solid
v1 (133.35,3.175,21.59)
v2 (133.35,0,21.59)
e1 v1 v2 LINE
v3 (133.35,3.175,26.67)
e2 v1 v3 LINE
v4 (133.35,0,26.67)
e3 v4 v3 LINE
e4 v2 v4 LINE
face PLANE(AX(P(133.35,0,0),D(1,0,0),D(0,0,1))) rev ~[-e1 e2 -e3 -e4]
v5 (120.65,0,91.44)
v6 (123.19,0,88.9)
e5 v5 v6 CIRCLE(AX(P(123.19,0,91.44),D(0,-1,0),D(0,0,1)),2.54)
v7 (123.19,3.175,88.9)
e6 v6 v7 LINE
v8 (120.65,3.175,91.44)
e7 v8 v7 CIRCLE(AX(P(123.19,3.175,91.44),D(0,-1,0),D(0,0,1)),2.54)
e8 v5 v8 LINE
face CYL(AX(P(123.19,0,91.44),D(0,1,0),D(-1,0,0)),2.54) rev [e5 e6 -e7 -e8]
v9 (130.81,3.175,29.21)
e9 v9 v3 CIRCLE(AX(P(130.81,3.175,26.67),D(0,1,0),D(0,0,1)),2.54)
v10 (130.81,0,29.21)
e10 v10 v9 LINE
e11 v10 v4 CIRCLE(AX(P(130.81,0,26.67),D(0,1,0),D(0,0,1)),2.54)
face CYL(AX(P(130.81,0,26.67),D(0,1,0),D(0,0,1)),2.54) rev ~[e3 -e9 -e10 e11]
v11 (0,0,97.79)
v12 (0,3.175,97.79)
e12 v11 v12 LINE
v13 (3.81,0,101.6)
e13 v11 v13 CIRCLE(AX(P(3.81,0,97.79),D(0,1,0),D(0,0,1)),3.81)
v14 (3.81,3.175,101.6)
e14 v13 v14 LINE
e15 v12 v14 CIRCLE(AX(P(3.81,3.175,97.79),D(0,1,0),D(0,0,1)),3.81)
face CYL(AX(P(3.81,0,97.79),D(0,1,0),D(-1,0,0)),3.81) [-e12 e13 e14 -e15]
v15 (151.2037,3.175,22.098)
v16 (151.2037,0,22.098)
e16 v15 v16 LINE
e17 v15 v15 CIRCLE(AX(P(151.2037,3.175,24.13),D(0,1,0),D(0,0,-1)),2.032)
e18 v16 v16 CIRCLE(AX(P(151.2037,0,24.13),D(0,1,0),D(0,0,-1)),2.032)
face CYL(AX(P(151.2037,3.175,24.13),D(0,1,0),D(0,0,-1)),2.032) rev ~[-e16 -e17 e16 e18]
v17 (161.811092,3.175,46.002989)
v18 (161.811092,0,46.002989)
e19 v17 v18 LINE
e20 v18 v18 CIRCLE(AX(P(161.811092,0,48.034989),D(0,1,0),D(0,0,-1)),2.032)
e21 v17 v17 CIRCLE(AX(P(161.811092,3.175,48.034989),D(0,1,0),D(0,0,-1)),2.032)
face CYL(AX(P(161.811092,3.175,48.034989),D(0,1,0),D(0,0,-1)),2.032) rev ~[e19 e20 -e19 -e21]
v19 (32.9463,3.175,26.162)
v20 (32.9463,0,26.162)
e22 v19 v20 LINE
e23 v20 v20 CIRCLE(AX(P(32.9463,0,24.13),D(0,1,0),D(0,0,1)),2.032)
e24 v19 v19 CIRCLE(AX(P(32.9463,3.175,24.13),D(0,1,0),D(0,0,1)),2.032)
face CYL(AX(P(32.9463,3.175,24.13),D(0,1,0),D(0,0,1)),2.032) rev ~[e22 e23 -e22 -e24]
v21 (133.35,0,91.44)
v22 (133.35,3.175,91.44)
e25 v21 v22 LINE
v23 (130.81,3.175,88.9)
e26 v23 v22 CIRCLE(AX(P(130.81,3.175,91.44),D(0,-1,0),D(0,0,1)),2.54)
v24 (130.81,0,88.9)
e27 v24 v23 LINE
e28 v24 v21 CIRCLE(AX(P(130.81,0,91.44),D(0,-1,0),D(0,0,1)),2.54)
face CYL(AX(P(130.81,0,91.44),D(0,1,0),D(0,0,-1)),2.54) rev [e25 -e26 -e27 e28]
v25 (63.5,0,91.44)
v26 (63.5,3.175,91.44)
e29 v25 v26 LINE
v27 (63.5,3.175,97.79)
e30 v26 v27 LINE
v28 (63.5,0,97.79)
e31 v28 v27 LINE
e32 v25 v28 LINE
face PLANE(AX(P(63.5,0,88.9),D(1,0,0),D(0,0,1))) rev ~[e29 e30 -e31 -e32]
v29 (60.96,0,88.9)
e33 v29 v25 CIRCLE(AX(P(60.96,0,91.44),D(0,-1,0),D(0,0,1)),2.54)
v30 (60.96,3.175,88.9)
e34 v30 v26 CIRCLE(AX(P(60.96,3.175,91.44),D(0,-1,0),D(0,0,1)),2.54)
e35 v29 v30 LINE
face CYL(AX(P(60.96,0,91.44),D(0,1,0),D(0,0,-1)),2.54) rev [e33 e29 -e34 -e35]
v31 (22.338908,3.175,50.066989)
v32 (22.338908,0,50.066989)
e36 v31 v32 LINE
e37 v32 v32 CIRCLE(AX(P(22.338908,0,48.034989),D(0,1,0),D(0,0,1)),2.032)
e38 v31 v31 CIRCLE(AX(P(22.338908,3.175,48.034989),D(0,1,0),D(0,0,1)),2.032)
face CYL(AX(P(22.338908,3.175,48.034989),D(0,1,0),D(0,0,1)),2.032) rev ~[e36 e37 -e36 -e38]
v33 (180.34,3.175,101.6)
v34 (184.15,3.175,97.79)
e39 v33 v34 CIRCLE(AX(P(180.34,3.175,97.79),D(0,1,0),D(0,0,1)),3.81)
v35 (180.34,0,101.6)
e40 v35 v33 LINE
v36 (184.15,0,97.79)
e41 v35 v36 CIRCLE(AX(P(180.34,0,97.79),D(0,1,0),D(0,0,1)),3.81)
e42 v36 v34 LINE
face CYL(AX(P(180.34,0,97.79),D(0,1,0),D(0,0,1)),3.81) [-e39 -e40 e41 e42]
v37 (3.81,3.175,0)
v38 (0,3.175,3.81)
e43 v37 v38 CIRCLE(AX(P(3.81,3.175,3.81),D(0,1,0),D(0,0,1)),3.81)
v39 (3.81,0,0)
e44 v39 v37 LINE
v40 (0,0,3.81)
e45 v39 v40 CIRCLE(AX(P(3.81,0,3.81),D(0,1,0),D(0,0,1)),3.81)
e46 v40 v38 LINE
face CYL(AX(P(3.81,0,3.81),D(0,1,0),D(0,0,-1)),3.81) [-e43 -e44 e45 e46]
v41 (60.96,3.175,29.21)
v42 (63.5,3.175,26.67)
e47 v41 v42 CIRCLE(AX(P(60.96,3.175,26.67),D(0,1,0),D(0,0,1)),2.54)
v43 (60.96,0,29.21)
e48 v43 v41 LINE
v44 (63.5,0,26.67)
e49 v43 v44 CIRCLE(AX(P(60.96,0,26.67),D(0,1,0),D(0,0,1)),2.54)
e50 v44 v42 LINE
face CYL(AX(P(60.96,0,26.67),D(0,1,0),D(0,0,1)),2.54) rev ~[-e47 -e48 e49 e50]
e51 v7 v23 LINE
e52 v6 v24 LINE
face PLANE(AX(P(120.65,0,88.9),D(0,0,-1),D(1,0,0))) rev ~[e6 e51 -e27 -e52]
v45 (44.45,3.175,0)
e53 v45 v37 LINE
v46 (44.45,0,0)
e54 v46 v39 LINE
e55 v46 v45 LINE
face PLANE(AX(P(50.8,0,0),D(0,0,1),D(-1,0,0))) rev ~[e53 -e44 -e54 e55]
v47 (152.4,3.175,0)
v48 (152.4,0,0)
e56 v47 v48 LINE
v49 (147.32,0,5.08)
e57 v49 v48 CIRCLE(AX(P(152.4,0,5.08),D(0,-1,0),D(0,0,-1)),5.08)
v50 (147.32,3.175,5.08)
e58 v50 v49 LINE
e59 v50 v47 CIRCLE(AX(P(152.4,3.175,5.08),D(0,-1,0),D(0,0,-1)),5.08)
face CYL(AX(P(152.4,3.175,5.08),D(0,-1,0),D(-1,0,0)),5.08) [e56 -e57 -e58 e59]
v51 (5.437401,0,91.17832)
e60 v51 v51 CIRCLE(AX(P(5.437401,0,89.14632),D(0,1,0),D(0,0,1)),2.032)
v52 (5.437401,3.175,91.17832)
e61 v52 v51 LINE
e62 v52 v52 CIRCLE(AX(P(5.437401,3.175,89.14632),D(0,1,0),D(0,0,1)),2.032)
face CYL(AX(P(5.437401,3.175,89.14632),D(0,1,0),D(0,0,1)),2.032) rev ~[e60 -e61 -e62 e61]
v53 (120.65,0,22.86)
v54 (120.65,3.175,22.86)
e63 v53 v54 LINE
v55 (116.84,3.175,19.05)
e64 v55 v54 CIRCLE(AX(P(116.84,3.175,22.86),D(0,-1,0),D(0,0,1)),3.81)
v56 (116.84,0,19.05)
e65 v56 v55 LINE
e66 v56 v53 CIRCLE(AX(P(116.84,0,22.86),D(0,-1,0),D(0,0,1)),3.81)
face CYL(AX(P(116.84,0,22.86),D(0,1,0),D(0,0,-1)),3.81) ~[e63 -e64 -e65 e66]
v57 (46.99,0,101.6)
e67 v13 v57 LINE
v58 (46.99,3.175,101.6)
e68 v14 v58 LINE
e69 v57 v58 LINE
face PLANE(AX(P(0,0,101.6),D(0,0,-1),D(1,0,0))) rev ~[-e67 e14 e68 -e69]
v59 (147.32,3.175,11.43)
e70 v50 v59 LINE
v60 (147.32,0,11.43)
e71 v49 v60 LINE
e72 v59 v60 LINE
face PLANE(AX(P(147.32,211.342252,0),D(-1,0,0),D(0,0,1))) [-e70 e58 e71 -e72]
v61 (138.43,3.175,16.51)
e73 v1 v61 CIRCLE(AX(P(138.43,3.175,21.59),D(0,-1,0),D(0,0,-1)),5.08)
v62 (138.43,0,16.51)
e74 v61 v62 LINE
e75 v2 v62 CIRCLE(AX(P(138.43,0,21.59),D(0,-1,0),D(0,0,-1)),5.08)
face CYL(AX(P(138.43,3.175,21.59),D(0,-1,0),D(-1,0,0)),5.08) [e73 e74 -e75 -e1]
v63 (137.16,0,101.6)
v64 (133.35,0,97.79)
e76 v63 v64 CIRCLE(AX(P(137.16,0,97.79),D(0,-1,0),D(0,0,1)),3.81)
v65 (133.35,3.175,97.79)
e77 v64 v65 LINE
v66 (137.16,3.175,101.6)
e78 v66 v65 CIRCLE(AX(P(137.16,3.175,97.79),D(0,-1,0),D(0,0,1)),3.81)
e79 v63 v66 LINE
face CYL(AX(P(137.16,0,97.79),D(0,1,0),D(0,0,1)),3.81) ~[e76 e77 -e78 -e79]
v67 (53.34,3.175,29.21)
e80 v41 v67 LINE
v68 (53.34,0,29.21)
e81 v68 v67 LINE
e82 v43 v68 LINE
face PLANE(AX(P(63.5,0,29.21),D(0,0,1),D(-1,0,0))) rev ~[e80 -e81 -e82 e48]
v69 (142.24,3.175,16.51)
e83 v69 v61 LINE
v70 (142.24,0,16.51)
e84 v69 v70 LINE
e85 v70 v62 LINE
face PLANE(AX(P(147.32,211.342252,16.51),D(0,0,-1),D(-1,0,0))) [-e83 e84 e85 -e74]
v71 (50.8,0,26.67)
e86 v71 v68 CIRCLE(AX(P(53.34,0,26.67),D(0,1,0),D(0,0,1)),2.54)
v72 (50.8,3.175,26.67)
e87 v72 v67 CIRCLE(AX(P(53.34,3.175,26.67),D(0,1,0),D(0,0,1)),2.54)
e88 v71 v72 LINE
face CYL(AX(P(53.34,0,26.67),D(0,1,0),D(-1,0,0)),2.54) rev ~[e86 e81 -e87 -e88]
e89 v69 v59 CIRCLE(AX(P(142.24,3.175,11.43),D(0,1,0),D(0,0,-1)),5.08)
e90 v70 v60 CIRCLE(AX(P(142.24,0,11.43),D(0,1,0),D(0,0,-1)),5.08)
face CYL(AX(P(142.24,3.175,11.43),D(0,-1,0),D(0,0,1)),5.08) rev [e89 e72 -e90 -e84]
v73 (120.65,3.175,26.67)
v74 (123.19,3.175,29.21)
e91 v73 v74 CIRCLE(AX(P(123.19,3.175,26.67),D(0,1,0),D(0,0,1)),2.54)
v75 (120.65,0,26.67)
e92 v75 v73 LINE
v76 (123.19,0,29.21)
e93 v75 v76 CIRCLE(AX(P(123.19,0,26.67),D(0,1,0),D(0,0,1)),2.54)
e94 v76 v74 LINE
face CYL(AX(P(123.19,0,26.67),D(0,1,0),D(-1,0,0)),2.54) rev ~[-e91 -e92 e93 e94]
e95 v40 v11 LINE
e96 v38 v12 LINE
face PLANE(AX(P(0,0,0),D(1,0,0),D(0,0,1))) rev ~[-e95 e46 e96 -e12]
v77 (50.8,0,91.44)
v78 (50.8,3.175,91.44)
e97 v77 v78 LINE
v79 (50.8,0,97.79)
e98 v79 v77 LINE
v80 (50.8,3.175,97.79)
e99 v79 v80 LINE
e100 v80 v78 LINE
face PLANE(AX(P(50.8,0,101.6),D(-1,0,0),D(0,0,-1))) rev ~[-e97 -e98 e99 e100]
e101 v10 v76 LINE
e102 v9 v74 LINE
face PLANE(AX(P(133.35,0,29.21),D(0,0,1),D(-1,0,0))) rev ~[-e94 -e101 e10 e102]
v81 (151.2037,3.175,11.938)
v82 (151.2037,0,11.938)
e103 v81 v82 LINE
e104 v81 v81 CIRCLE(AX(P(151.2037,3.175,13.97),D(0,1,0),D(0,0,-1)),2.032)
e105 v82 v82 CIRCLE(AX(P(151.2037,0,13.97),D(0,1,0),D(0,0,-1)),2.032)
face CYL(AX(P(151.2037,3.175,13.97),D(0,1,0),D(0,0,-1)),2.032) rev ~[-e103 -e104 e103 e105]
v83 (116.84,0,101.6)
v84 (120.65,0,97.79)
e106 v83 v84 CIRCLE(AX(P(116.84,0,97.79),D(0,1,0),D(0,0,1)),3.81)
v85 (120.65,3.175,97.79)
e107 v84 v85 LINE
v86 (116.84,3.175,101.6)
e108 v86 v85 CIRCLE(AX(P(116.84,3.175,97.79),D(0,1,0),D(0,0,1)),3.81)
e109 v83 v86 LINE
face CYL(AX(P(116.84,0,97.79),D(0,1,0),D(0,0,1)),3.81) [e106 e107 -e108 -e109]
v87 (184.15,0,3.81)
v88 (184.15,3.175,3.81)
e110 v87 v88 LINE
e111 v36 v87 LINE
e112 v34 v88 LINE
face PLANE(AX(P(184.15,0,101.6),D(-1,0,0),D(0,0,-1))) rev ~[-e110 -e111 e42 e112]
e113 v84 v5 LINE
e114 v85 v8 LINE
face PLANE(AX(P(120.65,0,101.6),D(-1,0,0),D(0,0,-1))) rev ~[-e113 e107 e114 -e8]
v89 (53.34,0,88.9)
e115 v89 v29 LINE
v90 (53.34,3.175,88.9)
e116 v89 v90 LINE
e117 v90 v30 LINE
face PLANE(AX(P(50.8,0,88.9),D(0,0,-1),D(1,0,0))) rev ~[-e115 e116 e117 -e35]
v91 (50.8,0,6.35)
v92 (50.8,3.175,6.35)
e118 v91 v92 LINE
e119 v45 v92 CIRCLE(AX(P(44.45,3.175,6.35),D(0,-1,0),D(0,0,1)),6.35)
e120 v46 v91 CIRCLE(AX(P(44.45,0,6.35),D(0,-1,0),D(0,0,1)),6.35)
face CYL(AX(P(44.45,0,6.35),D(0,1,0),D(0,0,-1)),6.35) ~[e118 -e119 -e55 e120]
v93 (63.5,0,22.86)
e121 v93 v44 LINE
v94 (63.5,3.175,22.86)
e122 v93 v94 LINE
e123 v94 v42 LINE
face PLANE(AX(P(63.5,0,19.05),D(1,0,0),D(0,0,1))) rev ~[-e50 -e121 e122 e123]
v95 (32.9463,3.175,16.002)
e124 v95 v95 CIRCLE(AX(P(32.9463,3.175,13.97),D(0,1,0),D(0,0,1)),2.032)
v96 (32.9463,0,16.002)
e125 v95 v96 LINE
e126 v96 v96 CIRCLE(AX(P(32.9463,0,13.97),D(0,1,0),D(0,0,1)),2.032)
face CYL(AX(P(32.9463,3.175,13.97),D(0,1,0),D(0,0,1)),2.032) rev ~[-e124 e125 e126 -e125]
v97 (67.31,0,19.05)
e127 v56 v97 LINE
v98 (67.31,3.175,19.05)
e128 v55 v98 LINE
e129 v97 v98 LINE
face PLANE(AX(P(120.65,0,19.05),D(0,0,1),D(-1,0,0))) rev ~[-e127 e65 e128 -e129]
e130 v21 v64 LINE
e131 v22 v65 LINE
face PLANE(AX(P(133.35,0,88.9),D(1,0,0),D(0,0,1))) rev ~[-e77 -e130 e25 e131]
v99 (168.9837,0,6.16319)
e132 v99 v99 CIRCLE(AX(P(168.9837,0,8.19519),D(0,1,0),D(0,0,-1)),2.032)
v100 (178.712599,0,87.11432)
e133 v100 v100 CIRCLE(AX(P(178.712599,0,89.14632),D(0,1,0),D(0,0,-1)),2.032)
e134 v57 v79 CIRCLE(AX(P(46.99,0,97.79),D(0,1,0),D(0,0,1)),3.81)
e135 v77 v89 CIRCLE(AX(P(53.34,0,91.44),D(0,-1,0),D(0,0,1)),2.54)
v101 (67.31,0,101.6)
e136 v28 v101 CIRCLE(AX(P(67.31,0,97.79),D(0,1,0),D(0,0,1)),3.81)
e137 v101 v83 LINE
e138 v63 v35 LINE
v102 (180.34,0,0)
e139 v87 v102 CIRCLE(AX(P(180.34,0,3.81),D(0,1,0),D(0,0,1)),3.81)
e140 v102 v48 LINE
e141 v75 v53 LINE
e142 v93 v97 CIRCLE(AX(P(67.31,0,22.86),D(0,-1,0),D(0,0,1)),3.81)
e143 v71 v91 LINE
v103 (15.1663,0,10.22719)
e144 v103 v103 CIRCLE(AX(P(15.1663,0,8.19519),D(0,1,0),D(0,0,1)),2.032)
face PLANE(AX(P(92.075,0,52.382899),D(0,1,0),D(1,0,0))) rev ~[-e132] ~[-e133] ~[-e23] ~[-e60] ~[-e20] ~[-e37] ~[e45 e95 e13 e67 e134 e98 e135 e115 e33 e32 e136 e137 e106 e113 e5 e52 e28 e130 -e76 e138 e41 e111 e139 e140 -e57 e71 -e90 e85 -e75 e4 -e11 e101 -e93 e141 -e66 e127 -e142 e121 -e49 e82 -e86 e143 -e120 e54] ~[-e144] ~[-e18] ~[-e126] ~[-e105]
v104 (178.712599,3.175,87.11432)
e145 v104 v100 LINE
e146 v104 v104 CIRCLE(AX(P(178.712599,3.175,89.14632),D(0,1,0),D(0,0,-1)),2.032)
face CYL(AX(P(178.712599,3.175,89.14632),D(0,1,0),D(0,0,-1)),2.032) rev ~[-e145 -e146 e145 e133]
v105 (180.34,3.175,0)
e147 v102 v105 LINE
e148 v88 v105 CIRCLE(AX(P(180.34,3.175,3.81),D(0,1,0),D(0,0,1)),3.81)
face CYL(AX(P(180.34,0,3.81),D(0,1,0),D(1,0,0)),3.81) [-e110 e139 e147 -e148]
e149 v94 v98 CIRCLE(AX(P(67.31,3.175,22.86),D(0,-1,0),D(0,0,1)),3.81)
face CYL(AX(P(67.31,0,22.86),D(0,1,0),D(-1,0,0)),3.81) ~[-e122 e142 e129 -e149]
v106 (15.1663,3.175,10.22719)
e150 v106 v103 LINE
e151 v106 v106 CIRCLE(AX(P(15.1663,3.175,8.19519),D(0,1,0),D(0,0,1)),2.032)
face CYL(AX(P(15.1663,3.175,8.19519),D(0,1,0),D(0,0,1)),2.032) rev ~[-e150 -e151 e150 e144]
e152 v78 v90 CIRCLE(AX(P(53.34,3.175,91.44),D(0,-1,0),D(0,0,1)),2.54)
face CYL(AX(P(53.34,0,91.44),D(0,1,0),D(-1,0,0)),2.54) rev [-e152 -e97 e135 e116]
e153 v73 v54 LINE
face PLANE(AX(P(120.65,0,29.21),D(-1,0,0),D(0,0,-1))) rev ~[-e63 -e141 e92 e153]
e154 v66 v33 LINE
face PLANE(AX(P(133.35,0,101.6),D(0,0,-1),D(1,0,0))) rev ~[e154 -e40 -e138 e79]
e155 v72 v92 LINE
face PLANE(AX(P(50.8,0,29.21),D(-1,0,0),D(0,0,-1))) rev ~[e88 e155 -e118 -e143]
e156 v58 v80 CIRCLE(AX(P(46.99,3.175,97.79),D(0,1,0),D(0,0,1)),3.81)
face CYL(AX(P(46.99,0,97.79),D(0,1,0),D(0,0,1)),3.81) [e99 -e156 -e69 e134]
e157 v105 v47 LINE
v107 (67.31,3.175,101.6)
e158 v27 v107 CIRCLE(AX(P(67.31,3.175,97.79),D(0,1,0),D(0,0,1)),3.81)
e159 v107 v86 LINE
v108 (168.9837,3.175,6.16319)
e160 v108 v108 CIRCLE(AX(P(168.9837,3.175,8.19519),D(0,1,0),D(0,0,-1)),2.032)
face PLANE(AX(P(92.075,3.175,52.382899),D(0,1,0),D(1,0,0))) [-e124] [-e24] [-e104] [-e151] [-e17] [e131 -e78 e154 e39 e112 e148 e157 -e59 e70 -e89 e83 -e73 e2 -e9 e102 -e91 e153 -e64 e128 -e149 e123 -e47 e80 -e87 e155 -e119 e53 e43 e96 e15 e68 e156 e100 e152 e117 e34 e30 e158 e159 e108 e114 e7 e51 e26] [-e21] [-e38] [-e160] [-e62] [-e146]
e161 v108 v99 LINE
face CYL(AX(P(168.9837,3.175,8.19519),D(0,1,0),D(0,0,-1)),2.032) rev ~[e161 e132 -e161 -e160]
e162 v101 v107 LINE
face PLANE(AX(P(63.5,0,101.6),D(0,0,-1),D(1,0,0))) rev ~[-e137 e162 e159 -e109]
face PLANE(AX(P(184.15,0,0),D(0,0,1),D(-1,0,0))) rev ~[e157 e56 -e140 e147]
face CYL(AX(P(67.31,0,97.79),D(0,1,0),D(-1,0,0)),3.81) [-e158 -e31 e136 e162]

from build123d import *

# Parameters (mm, degrees)
BOSS_EXTRUDE1_DEPTH     = 3.175
FILLET1_R               = 3.81
SKETCH2_R               = 2.032
CUT_EXTRUDE1_DEPTH      = 211.342252353
FILLET2_R               = 6.35
FILLET3_R               = 2.54
FILLET4_R               = 3.81
FILLET5_R               = 3.81
CUT_EXTRUDE2_DEPTH      = 211.342252353
CUT_EXTRUDE2_DEPTH_BACK = 211.342252353
FILLET6_R               = 5.08


with BuildPart() as part:
    # Sketch1 → Boss-Extrude1 (new body)
    with BuildSketch(Plane(origin=(0, 0, 0), x_dir=(1, 0, 0), z_dir=(0, 1, 0))):
        Polygon((50.8, 0), (0, 0), (0, -101.6), (50.8, -101.6), (50.8, -88.9), (63.5, -88.9), (63.5, -101.6), (120.65, -101.6), (120.65, -88.9), (133.35, -88.9), (133.35, -101.6), (184.15, -101.6), (184.15, 0), (133.35, 0), (133.35, -29.21), (120.65, -29.21), (120.65, -19.05), (63.5, -19.05), (63.5, -29.21), (50.8, -29.21), align=None)
    extrude(amount=BOSS_EXTRUDE1_DEPTH)

    # Fillet1
    fillet1_edges = [part.edges().sort_by_distance(p)[0] for p in [
        (184.15, 1.5875, 101.6),
        (0, 1.5875, 101.6),
        (184.15, 1.5875, 0),
        (0, 1.5875, 0),
    ]]
    fillet(fillet1_edges, radius=FILLET1_R)

    # Sketch2 → Cut-Extrude1 (cut, through all)
    with BuildSketch(Plane(origin=(0, 3.175, 0), x_dir=(1, 0, 0), z_dir=(0, 1, 0))):
        with Locations((5.437401114, -89.146320086)):
            Circle(SKETCH2_R)
        with Locations((178.712598886, -89.146320086)):
            Circle(SKETCH2_R)
        with Locations((22.338907609, -48.03498858)):
            Circle(SKETCH2_R)
        with Locations((15.16630044, -8.195189781)):
            Circle(SKETCH2_R)
        with Locations((32.94630044, -24.13)):
            Circle(SKETCH2_R)
        with Locations((32.94630044, -13.97)):
            Circle(SKETCH2_R)
        with Locations((161.811092391, -48.03498858)):
            Circle(SKETCH2_R)
        with Locations((151.20369956, -24.13)):
            Circle(SKETCH2_R)
        with Locations((151.20369956, -13.97)):
            Circle(SKETCH2_R)
        with Locations((168.98369956, -8.195189781)):
            Circle(SKETCH2_R)
    extrude(amount=-CUT_EXTRUDE1_DEPTH, mode=Mode.SUBTRACT)

    # Fillet2
    fillet2_edges = [part.edges().sort_by_distance(p)[0] for p in [
        (50.8, 1.5875, 0),
        (133.35, 1.5875, 0),
    ]]
    fillet(fillet2_edges, radius=FILLET2_R)

    # Fillet3
    fillet3_edges = [part.edges().sort_by_distance(p)[0] for p in [
        (133.35, 1.5875, 29.21),
        (120.65, 1.5875, 29.21),
        (50.8, 1.5875, 29.21),
        (63.5, 1.5875, 29.21),
        (133.35, 1.5875, 88.9),
        (120.65, 1.5875, 88.9),
        (63.5, 1.5875, 88.9),
        (50.8, 1.5875, 88.9),
    ]]
    fillet(fillet3_edges, radius=FILLET3_R)

    # Fillet4
    fillet4_edges = [part.edges().sort_by_distance(p)[0] for p in [
        (120.65, 1.5875, 19.05),
        (63.5, 1.5875, 19.05),
    ]]
    fillet(fillet4_edges, radius=FILLET4_R)

    # Fillet5
    fillet5_edges = [part.edges().sort_by_distance(p)[0] for p in [
        (133.35, 1.5875, 101.6),
        (120.65, 1.5875, 101.6),
        (63.5, 1.5875, 101.6),
        (50.8, 1.5875, 101.6),
    ]]
    fillet(fillet5_edges, radius=FILLET5_R)

    # Sketch9 → Cut-Extrude2 (cut, two sides: drawn at the far end of the back side and taken through both)
    with BuildSketch(Plane.XZ.offset(-CUT_EXTRUDE2_DEPTH_BACK)):
        with BuildLine():
            Line((147.32, 16.51), (133.35, 16.51))
            Line((133.35, 16.51), (133.35, 6.35))
            ThreePointArc((133.35, 6.35), (135.209871939, 1.859871939), (139.7, 0))
            Line((139.7, 0), (147.32, 0))
            Line((147.32, 0), (147.32, 16.51))
        make_face()
    extrude(amount=CUT_EXTRUDE2_DEPTH + CUT_EXTRUDE2_DEPTH_BACK, mode=Mode.SUBTRACT)

    # Fillet6
    fillet6_edges = [part.edges().sort_by_distance(p)[0] for p in [
        (147.32, 1.5875, 0),
        (147.32, 1.5875, 16.51),
        (133.35, 1.5875, 16.51),
    ]]
    fillet(fillet6_edges, radius=FILLET6_R)


solid = part.part
